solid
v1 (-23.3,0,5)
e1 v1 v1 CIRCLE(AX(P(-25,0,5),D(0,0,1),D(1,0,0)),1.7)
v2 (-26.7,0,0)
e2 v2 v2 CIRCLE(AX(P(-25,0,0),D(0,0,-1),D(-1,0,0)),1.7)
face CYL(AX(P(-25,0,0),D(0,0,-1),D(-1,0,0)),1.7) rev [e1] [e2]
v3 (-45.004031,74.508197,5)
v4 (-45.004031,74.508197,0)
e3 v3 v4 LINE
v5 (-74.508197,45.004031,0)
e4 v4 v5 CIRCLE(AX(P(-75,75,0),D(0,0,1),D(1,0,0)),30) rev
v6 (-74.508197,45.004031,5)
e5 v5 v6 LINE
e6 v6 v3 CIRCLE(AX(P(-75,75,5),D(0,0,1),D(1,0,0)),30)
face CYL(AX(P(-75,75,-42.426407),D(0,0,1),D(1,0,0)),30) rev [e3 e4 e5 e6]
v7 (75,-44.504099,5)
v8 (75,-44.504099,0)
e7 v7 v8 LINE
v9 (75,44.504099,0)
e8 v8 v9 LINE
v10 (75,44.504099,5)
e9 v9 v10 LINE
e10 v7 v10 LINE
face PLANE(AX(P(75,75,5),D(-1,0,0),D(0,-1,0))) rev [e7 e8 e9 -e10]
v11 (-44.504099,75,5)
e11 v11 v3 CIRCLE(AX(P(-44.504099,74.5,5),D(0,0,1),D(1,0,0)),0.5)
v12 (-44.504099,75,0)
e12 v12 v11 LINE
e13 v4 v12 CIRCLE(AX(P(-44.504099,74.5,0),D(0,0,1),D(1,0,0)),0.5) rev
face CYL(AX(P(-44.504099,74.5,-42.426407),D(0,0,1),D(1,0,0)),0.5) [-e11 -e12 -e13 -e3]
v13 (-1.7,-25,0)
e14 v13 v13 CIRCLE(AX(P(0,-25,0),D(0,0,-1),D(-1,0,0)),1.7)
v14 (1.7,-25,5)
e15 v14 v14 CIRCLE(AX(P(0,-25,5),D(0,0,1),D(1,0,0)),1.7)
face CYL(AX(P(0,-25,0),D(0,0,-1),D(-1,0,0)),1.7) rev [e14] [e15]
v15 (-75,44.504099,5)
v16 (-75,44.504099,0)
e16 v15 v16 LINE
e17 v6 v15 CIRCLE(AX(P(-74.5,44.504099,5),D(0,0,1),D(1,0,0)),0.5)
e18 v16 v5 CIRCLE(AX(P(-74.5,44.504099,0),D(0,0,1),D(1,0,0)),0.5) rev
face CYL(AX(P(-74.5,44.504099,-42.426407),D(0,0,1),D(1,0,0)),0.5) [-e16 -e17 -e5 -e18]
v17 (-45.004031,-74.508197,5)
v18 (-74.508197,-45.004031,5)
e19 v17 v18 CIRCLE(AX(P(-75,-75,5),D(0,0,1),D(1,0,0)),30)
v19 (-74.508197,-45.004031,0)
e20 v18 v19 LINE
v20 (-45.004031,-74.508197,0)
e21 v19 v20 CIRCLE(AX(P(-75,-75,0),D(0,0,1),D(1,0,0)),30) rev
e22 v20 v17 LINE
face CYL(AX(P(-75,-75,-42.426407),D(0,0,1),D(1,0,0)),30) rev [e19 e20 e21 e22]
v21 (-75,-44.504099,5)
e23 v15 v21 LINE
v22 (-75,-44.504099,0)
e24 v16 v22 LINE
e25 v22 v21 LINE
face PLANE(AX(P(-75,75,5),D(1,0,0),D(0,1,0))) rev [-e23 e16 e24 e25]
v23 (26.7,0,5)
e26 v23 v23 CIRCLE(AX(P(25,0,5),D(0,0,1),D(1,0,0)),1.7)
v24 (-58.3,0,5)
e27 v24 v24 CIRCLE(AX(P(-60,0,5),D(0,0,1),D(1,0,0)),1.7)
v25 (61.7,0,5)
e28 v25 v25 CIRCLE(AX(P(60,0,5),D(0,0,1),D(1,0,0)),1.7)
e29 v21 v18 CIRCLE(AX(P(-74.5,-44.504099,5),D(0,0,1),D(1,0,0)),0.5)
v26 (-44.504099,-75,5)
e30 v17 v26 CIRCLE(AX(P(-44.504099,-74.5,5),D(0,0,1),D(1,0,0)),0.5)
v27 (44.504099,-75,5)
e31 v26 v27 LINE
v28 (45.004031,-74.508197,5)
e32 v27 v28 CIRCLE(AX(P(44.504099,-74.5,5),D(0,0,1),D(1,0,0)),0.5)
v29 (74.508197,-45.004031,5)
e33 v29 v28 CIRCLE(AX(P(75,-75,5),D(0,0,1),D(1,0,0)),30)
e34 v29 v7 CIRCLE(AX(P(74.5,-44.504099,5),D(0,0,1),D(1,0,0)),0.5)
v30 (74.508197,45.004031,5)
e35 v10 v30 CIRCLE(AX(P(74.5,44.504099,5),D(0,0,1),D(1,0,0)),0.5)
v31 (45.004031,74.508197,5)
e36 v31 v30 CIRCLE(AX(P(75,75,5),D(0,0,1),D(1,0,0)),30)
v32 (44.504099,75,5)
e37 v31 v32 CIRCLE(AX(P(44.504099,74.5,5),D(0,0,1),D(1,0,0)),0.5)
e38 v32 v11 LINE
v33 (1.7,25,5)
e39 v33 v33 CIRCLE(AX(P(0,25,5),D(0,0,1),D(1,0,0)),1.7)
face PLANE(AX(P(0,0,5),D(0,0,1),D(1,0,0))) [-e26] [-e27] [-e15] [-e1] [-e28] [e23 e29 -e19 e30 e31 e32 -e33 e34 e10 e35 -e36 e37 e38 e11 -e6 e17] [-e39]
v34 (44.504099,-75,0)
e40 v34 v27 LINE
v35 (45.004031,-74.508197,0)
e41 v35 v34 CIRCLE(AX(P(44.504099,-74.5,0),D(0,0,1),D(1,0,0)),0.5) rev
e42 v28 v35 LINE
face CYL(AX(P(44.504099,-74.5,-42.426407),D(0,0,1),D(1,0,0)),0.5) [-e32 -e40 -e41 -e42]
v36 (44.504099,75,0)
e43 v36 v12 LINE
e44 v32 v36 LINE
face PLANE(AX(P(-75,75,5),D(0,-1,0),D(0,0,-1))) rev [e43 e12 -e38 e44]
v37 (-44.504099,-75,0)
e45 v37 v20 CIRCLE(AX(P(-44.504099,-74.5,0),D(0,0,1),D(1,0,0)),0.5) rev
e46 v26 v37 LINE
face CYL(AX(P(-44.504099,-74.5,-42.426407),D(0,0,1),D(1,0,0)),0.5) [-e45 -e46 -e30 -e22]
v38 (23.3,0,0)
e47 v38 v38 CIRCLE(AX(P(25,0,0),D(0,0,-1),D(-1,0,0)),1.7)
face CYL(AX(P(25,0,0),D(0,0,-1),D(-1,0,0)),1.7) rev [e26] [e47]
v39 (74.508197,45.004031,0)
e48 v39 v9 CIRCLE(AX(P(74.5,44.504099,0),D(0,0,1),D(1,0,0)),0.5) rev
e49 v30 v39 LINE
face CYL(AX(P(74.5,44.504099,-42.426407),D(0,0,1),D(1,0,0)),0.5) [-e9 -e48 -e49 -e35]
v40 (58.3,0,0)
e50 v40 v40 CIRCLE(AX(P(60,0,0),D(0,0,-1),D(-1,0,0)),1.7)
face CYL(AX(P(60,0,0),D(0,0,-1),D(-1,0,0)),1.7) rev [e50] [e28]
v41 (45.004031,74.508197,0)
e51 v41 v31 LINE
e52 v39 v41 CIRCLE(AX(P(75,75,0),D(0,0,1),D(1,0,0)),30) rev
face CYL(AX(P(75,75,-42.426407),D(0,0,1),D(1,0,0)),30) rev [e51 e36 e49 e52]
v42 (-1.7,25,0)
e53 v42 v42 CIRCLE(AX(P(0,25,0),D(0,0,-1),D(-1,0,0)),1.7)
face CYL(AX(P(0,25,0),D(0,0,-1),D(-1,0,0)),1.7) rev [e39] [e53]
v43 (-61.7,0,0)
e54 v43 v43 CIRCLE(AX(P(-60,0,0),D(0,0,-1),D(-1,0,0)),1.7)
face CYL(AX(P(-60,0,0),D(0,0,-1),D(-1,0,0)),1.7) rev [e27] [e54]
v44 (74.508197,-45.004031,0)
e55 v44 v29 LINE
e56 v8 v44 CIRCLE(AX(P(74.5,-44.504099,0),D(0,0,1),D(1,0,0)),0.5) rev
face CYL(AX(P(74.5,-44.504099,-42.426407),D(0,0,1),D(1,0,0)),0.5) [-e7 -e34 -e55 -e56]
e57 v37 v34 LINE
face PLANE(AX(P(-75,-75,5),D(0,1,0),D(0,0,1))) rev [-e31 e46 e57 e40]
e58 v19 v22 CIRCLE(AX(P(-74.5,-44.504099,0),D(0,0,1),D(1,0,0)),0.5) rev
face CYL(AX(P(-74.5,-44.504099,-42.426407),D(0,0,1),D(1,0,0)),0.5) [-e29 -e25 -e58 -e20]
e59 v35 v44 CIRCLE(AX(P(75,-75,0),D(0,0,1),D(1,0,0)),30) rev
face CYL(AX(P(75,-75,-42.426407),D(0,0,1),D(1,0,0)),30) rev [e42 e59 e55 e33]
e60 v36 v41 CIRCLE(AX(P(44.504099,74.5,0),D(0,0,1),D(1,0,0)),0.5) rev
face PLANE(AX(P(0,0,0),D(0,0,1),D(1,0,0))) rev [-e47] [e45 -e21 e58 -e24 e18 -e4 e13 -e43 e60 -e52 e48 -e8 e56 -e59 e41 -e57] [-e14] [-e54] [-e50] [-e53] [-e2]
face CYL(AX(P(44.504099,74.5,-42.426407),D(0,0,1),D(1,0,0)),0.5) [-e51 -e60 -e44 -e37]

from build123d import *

# Parameters (mm, degrees)
ESQUISSE1_W             = 150
ESQUISSE1_H             = 150
BOSS_EXTRU_1_DEPTH      = 5
ENL_V_MAT_EXTRU_1_DEPTH = 5
D_GAGEMENT_M31_D        = 3.4
CONG_1_R                = 0.5


with BuildPart() as part:
    # Esquisse1 → Boss.-Extru.1 (new body)
    with BuildSketch(Plane.XY):
        Rectangle(ESQUISSE1_W, ESQUISSE1_H)
    extrude(amount=BOSS_EXTRU_1_DEPTH)

    # Esquisse2 → Enlèv. mat.-Extru.1 (cut)
    with BuildSketch(Plane.XY.offset(5)):
        with BuildLine():
            Line((45, 75), (75, 75))
            Line((75, 75), (75, 45))
            ThreePointArc((75, 45), (53.786796564, 53.786796564), (45, 75))
        make_face()
        with BuildLine():
            Line((75, -75), (45, -75))
            ThreePointArc((45, -75), (53.786796564, -53.786796564), (75, -45))
            Line((75, -45), (75, -75))
        make_face()
        with BuildLine():
            Line((-75, -75), (-75, -45))
            ThreePointArc((-75, -45), (-53.786796564, -53.786796564), (-45, -75))
            Line((-45, -75), (-75, -75))
        make_face()
        with BuildLine():
            Line((-75, 75), (-45, 75))
            ThreePointArc((-45, 75), (-53.786796564, 53.786796564), (-75, 45))
            Line((-75, 45), (-75, 75))
        make_face()
    extrude(amount=-ENL_V_MAT_EXTRU_1_DEPTH, mode=Mode.SUBTRACT)

    # Dégagement M31 (through all)
    with Locations(Plane(origin=(0, 0, 0), x_dir=(-1, 0, 0), z_dir=(0, 0, -1))):
        with Locations((0, 25), (0, -25), (60, 0), (25, 0), (-25, 0), (-60, 0)):
            Hole(D_GAGEMENT_M31_D / 2)

    # Congé1
    cong_1_edges = [part.edges().sort_by_distance(p)[0] for p in [
        (-75, 45, 2.5),
        (-45, 75, 2.5),
        (-45, -75, 2.5),
        (-75, -45, 2.5),
        (75, -45, 2.5),
        (45, -75, 2.5),
        (75, 45, 2.5),
        (45, 75, 2.5),
    ]]
    fillet(cong_1_edges, radius=CONG_1_R)


solid = part.part
